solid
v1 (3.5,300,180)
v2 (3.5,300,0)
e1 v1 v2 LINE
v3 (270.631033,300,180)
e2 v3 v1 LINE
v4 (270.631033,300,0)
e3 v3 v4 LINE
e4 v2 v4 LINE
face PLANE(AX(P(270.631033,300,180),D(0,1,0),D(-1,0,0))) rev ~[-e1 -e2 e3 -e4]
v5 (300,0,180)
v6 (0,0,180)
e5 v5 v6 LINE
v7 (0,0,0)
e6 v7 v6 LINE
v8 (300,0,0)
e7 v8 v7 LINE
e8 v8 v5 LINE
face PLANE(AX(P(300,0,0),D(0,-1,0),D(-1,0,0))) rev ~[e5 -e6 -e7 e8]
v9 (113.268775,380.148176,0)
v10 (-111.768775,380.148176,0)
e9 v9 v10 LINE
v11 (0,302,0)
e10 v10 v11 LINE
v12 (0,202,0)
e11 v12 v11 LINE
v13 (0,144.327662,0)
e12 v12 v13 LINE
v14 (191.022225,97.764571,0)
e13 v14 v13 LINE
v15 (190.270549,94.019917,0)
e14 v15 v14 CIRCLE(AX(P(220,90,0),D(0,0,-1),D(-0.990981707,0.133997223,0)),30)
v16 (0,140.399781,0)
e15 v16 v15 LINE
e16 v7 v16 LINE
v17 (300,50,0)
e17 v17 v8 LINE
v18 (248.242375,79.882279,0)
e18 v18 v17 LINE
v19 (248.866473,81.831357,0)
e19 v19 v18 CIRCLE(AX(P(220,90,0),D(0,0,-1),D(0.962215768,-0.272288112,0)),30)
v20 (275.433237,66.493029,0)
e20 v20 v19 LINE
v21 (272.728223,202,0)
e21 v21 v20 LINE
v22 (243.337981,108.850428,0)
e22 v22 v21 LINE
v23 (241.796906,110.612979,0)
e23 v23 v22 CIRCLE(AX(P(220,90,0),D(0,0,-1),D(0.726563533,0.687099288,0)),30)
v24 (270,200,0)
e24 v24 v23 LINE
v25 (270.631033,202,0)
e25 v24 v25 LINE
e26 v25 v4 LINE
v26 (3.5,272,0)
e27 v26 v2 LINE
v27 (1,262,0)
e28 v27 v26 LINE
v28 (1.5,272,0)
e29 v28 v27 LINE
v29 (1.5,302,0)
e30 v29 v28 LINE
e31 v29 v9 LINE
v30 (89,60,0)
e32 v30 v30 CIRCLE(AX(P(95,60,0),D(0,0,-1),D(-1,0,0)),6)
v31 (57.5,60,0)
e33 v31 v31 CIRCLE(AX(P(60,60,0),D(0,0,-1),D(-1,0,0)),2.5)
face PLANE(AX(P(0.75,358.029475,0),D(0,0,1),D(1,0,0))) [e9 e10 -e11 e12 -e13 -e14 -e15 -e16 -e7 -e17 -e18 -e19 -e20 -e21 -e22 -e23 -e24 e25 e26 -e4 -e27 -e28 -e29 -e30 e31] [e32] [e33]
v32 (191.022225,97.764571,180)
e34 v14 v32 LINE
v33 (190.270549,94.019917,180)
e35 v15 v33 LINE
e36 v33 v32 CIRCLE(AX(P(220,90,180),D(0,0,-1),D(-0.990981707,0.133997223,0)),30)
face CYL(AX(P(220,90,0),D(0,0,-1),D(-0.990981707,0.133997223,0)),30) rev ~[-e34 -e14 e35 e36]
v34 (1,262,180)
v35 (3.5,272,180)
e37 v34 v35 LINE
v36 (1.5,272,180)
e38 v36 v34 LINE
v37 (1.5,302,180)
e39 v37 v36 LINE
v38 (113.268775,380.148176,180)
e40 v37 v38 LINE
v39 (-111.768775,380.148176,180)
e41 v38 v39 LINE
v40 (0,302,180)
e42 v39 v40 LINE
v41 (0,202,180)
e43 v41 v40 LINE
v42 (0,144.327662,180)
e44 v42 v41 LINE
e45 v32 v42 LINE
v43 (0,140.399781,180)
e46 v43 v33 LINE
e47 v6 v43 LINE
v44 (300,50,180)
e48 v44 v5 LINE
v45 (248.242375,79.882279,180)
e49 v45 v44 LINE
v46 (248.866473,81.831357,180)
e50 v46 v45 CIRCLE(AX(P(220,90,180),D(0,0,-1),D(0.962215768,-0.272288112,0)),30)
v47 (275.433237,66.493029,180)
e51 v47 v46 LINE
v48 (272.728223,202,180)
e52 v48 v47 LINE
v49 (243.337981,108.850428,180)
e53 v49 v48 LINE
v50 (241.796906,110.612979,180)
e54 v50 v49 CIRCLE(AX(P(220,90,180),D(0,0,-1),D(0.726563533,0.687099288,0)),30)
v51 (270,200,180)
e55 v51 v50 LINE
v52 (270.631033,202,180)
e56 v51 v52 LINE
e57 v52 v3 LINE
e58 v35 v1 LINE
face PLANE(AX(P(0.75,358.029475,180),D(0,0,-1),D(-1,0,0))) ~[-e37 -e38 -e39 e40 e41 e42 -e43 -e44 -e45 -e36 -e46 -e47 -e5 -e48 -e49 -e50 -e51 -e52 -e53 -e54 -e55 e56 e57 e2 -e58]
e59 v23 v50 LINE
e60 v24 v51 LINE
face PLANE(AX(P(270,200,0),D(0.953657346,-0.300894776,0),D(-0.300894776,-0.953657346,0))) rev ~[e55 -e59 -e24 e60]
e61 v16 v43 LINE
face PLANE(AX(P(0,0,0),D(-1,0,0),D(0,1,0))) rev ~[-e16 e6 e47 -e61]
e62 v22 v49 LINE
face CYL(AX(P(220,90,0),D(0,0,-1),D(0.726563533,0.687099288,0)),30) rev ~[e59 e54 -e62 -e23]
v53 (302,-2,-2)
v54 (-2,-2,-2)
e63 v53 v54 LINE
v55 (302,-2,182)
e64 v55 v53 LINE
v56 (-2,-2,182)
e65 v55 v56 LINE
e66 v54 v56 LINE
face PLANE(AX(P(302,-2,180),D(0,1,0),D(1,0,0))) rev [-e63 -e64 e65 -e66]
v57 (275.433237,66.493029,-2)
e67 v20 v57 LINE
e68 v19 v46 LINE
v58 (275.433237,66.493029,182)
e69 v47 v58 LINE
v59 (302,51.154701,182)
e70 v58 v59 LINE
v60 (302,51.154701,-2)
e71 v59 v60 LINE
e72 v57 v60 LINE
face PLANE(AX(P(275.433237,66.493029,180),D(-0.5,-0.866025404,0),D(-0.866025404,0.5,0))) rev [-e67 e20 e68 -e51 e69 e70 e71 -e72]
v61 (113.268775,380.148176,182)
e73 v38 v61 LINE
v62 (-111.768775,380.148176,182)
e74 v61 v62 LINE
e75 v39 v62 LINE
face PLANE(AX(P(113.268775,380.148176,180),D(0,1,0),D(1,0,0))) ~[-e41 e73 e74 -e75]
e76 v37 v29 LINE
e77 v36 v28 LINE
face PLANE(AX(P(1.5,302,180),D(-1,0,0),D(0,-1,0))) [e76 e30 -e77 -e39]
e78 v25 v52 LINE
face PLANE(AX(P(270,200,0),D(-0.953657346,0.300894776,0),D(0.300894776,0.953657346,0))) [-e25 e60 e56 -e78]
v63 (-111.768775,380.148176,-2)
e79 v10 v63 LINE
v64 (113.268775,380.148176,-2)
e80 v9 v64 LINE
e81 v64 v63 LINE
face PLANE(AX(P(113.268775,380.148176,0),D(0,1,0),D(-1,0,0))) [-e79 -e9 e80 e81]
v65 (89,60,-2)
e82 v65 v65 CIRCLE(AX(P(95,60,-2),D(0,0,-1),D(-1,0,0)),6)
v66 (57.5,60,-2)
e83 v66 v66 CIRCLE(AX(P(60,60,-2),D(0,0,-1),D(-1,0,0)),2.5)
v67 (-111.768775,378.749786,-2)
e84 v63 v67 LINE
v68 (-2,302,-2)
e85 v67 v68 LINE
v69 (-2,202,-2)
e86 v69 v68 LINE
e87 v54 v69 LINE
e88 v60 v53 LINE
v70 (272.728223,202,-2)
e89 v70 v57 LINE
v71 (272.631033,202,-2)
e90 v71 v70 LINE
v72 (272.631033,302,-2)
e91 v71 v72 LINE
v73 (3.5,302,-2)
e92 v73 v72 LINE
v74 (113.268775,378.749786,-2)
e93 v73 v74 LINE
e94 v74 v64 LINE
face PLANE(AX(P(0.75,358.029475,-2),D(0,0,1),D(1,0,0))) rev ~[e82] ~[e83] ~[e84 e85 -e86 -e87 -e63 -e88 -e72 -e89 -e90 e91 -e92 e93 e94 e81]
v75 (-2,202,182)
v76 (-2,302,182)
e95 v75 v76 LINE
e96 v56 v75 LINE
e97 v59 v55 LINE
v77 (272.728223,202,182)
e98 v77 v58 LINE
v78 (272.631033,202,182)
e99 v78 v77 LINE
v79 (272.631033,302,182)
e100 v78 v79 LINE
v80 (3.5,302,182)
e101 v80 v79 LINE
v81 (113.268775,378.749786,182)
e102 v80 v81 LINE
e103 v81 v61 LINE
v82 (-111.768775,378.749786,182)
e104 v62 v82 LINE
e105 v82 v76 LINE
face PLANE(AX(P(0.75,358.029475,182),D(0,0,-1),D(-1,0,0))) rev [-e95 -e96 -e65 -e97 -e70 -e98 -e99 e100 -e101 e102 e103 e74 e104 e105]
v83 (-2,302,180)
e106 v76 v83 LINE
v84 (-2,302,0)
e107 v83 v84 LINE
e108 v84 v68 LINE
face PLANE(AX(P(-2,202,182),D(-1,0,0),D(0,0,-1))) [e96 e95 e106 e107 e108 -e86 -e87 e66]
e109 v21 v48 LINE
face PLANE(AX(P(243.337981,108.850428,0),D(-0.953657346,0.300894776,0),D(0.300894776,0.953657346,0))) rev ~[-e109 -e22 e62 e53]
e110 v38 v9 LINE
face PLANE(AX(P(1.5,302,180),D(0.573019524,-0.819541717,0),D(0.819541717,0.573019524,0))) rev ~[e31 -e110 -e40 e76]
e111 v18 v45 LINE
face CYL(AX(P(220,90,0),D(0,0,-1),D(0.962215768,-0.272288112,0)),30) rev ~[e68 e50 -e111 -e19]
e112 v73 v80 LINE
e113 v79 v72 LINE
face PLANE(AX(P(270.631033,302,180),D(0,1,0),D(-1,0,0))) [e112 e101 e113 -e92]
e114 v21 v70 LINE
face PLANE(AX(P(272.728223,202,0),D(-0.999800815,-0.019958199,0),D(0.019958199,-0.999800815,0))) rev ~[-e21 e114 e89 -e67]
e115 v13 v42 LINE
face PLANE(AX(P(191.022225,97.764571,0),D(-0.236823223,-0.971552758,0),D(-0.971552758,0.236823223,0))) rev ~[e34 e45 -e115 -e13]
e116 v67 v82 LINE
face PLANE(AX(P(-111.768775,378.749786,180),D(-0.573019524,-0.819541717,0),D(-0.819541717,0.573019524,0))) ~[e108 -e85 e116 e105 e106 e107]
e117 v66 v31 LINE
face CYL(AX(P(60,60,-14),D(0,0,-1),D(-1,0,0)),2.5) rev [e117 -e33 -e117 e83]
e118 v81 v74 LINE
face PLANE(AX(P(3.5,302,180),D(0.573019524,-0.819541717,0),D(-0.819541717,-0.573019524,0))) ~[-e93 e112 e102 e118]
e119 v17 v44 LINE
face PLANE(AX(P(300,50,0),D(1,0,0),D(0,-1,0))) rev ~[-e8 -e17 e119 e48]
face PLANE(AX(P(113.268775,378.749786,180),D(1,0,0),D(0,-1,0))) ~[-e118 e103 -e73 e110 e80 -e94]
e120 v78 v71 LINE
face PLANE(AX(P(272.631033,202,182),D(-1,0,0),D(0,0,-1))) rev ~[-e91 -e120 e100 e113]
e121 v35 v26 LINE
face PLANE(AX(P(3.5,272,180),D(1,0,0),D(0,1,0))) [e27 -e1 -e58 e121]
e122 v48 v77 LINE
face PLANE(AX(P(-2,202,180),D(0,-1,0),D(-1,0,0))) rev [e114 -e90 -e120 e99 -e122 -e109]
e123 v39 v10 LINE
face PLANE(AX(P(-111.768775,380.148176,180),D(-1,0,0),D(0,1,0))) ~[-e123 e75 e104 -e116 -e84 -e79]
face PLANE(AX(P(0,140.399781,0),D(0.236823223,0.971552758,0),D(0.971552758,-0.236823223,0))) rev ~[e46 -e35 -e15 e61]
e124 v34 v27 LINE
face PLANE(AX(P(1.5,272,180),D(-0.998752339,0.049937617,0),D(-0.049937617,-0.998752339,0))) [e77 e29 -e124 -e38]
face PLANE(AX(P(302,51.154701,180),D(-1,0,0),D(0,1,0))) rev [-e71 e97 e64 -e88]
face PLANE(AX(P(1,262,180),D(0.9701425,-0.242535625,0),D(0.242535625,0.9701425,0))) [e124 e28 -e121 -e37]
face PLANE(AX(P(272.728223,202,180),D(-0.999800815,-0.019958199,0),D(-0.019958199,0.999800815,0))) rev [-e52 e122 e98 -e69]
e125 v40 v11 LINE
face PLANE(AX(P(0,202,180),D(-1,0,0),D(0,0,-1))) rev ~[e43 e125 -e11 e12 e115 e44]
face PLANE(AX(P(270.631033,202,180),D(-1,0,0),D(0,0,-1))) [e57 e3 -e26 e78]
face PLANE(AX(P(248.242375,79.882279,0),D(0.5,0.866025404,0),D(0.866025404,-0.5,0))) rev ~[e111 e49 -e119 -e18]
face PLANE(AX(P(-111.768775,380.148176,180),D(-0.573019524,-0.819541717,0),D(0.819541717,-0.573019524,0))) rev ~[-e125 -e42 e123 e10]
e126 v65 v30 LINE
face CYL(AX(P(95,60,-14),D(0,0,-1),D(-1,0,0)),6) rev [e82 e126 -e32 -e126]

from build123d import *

# Parameters (mm, degrees)
EXTRUDE_3_DEPTH          = 180
EXTRUDE_4_DEPTH          = 2
EXTRUDE_5_DEPTH          = 180
CUT_EXTRUDE_8_DEPTH      = 6
CUT_EXTRUDE_8_DEPTH_BACK = 14
SKETCH_10_R              = 2.5
SKETCH_10_R_2            = 6
CUT_EXTRUDE_9_DEPTH      = 180
SKETCH_11_W              = 274.631033311
SKETCH_11_H              = 184
SKETCH_11_W_2            = 270.631033311
SKETCH_11_H_2            = 180
EXTRUDE_1_DEPTH          = 100
EXTRUDE_6_REACH          = 466.254
EXTRUDE_7_DEPTH          = 180
EXTRUDE_8_DEPTH          = 2
EXTRUDE_9_REACH          = 520.498
SKETCH_15_W              = 267.131033311
SKETCH_15_H              = 2


with BuildPart() as part:
    # 草图1 → 凸台-拉伸3 (new body)
    with BuildSketch(Plane.XY):
        with BuildLine():
            Line((300, 0), (0, 0))
            Line((0, 0), (0, 200))
            Line((0, 200), (270, 200))
            Line((270, 200), (241.796905997, 110.612978654))
            ThreePointArc((241.796905997, 110.612978654), (242.584644274, 109.746742593), (243.337981207, 108.850427931))
            Line((243.337981207, 108.850427931), (272.728222629, 202))
            Line((272.728222629, 202), (-2, 202))
            Line((-2, 202), (-2, -2))
            Line((-2, -2), (302, -2))
            Line((302, -2), (302, 51.154700538))
            Line((302, 51.154700538), (248.866473036, 81.831356634))
            ThreePointArc((248.866473036, 81.831356634), (248.571049064, 80.851494363), (248.242374569, 79.882278975))
            Line((248.242374569, 79.882278975), (300, 50))
            Line((300, 50), (300, 0))
        make_face()
    extrude(amount=EXTRUDE_3_DEPTH)

    # 草图7 → 凸台-拉伸4 (add)
    with BuildSketch(Plane(origin=(0, 0, 0), x_dir=(-1, 0, 0), z_dir=(0, 0, -1))):
        Polygon((-272.728222629, 202), (-275.433236518, 66.493028586), (-302, 51.154700538), (-302, -2), (2, -2), (2, 202), align=None)
    extrude_4 = extrude(amount=EXTRUDE_4_DEPTH)

    # 镜向5: 凸台-拉伸4 across plane
    add(extrude_4.mirror(Plane.XY.offset(90)))

    # 草图8 → 凸台-拉伸5 (add)
    with BuildSketch(Plane.XY):
        with BuildLine():
            Line((191.022225211, 97.764571353), (0, 144.327661976))
            Line((0, 144.327661976), (0, 140.399780569))
            Line((0, 140.399780569), (190.270548779, 94.019916677))
            ThreePointArc((190.270548779, 94.019916677), (190.586734182, 95.904218314), (191.022225211, 97.764571353))
        make_face()
    extrude(amount=EXTRUDE_5_DEPTH)

    # 草图10 → 切除-拉伸8 (cut, two sides: drawn at the far end of the back side and taken through both)
    with BuildSketch(Plane.XY.offset(-CUT_EXTRUDE_8_DEPTH_BACK)):
        with Locations((60, 60)):
            Circle(SKETCH_10_R)
        with Locations((95, 60)):
            Circle(SKETCH_10_R_2)
    extrude(amount=CUT_EXTRUDE_8_DEPTH + CUT_EXTRUDE_8_DEPTH_BACK, mode=Mode.SUBTRACT)

    # 草图8<3> → 切除-拉伸9 (cut)
    with BuildSketch(Plane.XY):
        Polygon((0, 200), (270, 200), (270.631033311, 202), (0, 202), align=None)
    extrude(amount=CUT_EXTRUDE_9_DEPTH, mode=Mode.SUBTRACT)

    # 草图11 → 拉伸-薄壁1 (add)
    with BuildSketch(Plane(origin=(0, 202, 0), x_dir=(1, 0, 0), z_dir=(0, 1, 0))):
        with Locations((135.315516656, -90)):
            Rectangle(SKETCH_11_W, SKETCH_11_H)
        with Locations((135.315516656, -90)):
            Rectangle(SKETCH_11_W_2, SKETCH_11_H_2, mode=Mode.SUBTRACT)
    extrude(amount=EXTRUDE_1_DEPTH)

    # 草图12 → 凸台-拉伸6 (add, up to next)
    with BuildSketch(Plane(origin=(0, 0, 180), x_dir=(-1, 0, 0), z_dir=(0, 0, -1)), mode=Mode.PRIVATE) as extrude_6_sk1:
        Polygon((-1.5, 302), (-1.5, 272), (-1, 262), (-3.5, 272), (-3.5, 302), align=None)
    extrude_6_tool1 = extrude(extrude_6_sk1.sketch, amount=EXTRUDE_6_REACH, mode=Mode.PRIVATE) - part.part
    add(extrude_6_tool1.solids().sort_by_distance((2.428571, 284.380952, 180))[0])

    # 草图13 → 凸台-拉伸7 (add)
    with BuildSketch(Plane(origin=(0, 0, 180), x_dir=(-1, 0, 0), z_dir=(0, 0, -1))):
        Polygon((-1.5, 302), (-113.268775045, 380.148175953), (-113.268775045, 378.749785823), (-3.5, 302), align=None)
        Polygon((111.768775045, 378.749785823), (111.768775045, 380.148175953), (0, 302), (2, 302), align=None)
    extrude(amount=EXTRUDE_7_DEPTH)

    # 草图14 → 凸台-拉伸8 (add)
    with BuildSketch(Plane(origin=(0, 0, 0), x_dir=(-1, 0, 0), z_dir=(0, 0, -1))):
        Polygon((-113.268775045, 380.148175953), (111.768775045, 380.148175953), (111.768775045, 378.749785823), (2, 302), (-3.5, 302), (-113.268775045, 378.749785823), align=None)
    extrude_8 = extrude(amount=EXTRUDE_8_DEPTH)

    # 镜向6: 凸台-拉伸8 across plane
    add(extrude_8.mirror(Plane.XY.offset(90)))

    # 草图15 → 凸台-拉伸9 (add, up to next)
    with BuildSketch(Plane(origin=(0, 0, 180), x_dir=(-1, 0, 0), z_dir=(0, 0, -1)), mode=Mode.PRIVATE) as extrude_9_sk1:
        with Locations((-137.065516656, 301)):
            Rectangle(SKETCH_15_W, SKETCH_15_H)
    extrude_9_tool1 = extrude(extrude_9_sk1.sketch, amount=EXTRUDE_9_REACH, mode=Mode.PRIVATE) - part.part
    add(extrude_9_tool1.solids().sort_by_distance((137.065517, 301, 180))[0])


solid = part.part
